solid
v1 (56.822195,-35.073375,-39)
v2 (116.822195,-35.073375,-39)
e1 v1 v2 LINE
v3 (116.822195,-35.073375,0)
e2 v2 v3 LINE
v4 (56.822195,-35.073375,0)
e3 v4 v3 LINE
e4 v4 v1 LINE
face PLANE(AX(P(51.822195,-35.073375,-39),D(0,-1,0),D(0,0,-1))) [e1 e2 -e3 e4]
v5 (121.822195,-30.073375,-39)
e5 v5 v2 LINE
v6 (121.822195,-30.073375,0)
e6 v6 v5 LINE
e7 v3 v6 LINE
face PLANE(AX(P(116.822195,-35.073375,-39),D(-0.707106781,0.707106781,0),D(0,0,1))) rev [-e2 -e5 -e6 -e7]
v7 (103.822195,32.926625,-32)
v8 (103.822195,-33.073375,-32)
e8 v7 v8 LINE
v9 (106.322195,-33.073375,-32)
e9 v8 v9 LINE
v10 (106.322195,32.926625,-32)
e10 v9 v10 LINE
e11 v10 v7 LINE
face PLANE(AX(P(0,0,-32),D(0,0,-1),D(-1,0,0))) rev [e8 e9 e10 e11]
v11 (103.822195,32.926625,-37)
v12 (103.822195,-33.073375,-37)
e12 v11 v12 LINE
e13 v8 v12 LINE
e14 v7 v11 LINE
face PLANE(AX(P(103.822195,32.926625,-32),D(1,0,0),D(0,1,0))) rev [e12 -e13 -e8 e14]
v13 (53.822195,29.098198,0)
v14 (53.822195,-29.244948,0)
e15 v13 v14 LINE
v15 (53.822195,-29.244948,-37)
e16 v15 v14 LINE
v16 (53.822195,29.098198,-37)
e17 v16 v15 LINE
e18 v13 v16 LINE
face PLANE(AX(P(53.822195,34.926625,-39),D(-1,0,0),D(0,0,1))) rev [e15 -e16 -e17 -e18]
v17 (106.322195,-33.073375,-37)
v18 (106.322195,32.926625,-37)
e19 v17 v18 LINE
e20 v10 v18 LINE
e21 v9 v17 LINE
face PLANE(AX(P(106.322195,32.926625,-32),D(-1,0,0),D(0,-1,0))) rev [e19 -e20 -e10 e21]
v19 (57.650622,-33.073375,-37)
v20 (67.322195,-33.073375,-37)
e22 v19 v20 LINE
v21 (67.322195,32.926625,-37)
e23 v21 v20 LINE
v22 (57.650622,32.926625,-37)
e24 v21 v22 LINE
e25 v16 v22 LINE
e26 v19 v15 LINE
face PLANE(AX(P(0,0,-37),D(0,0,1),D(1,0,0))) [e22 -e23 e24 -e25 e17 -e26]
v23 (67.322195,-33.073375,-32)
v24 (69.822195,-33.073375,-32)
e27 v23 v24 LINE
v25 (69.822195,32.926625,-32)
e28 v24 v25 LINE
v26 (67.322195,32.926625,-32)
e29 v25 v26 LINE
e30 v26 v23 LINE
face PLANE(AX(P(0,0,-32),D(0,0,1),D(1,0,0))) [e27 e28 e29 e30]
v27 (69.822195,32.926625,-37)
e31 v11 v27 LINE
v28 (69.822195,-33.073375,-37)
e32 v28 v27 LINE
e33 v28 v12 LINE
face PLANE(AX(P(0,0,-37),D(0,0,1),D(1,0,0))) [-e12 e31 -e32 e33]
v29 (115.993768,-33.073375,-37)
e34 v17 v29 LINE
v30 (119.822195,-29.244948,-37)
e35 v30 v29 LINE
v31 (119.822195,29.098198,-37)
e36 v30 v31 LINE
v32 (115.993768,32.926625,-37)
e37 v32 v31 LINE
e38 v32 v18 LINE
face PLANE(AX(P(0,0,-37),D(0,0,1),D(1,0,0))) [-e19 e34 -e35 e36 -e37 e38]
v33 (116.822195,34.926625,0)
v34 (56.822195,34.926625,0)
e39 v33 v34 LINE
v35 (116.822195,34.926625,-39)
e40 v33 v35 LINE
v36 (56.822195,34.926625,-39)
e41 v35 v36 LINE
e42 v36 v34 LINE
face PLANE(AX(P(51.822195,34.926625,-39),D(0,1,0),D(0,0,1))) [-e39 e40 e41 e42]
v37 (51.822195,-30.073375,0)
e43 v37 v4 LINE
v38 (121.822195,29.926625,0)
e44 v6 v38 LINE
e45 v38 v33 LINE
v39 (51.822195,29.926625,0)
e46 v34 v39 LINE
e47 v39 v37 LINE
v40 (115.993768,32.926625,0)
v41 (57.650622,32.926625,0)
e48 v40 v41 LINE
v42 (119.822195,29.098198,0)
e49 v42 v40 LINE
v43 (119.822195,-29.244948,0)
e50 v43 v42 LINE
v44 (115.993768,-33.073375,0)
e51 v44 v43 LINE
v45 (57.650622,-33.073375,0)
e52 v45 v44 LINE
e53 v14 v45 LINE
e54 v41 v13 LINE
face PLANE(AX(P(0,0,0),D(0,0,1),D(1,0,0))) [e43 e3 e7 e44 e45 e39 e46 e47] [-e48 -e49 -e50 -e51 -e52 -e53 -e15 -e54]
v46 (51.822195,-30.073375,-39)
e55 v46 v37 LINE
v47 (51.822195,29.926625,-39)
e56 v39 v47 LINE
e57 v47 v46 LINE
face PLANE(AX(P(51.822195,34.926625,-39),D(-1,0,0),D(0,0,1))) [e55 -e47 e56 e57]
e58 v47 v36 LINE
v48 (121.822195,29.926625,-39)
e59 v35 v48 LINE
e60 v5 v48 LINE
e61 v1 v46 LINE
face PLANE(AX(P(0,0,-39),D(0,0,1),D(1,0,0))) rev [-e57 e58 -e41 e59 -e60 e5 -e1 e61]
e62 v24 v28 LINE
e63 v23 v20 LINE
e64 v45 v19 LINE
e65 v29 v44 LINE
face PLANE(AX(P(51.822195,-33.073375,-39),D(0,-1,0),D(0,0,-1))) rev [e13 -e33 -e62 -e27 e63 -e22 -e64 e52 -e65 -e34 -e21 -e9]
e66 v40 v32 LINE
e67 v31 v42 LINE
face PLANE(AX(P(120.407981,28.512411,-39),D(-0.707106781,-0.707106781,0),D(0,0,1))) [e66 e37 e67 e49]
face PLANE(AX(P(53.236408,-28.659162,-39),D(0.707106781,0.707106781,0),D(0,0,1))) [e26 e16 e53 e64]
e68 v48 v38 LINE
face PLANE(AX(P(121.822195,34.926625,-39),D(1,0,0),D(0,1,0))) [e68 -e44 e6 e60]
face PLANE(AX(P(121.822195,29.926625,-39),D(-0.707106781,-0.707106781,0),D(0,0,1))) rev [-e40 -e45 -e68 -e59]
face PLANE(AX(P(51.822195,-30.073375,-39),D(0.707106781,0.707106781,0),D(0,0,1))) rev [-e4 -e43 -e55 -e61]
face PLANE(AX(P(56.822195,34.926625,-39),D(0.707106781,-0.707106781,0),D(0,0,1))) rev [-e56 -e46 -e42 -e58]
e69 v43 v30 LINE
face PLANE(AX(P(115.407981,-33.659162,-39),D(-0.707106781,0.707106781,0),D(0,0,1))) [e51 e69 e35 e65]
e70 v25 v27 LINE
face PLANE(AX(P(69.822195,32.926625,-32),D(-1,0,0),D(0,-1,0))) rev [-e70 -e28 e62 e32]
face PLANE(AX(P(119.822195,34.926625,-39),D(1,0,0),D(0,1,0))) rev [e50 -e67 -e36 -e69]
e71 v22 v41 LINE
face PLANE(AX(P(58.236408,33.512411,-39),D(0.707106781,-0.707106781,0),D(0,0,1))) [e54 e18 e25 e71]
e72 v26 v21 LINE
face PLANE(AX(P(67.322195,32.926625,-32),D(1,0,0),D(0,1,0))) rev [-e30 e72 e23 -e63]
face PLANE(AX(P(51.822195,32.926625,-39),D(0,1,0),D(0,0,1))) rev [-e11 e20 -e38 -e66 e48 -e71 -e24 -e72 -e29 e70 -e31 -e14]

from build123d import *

# Parameters (mm, degrees)
SKETCH1_W           = 70
SKETCH1_H           = 70
BOSS_EXTRUDE1_DEPTH = 39
CHAMFER1_SIZE       = 5
SHELL1_T            = -2
SKETCH3_W           = 2.5
SKETCH3_H           = 66
BOSS_EXTRUDE2_DEPTH = 5


with BuildPart() as part:
    # Sketch1 → Boss-Extrude1 (new body)
    with BuildSketch(Plane.XY):
        with Locations((86.822194683, -0.073375262)):
            Rectangle(SKETCH1_W, SKETCH1_H)
    extrude(amount=-BOSS_EXTRUDE1_DEPTH)

    # Chamfer1
    chamfer1_edges = [part.edges().sort_by_distance(p)[0] for p in [
        (51.822194683, 34.926624738, -19.5),
        (121.822194683, 34.926624738, -19.5),
        (121.822194683, -35.073375262, -19.5),
        (51.822194683, -35.073375262, -19.5),
    ]]
    chamfer(chamfer1_edges, length=CHAMFER1_SIZE)

    # Shell1
    shell1_openings = [part.faces().sort_by_distance(p)[0] for p in [
        (86.822194683, -0.073375262, 0),
    ]]
    offset(amount=SHELL1_T, openings=shell1_openings, kind=Kind.INTERSECTION)

    # Sketch3 → Boss-Extrude2 (add)
    with BuildSketch(Plane.XY.offset(-37)):
        with Locations((68.572194683, -0.073375262)):
            Rectangle(SKETCH3_W, SKETCH3_H)
        with Locations((105.072194683, -0.073375262)):
            Rectangle(SKETCH3_W, SKETCH3_H)
    extrude(amount=BOSS_EXTRUDE2_DEPTH)


solid = part.part
